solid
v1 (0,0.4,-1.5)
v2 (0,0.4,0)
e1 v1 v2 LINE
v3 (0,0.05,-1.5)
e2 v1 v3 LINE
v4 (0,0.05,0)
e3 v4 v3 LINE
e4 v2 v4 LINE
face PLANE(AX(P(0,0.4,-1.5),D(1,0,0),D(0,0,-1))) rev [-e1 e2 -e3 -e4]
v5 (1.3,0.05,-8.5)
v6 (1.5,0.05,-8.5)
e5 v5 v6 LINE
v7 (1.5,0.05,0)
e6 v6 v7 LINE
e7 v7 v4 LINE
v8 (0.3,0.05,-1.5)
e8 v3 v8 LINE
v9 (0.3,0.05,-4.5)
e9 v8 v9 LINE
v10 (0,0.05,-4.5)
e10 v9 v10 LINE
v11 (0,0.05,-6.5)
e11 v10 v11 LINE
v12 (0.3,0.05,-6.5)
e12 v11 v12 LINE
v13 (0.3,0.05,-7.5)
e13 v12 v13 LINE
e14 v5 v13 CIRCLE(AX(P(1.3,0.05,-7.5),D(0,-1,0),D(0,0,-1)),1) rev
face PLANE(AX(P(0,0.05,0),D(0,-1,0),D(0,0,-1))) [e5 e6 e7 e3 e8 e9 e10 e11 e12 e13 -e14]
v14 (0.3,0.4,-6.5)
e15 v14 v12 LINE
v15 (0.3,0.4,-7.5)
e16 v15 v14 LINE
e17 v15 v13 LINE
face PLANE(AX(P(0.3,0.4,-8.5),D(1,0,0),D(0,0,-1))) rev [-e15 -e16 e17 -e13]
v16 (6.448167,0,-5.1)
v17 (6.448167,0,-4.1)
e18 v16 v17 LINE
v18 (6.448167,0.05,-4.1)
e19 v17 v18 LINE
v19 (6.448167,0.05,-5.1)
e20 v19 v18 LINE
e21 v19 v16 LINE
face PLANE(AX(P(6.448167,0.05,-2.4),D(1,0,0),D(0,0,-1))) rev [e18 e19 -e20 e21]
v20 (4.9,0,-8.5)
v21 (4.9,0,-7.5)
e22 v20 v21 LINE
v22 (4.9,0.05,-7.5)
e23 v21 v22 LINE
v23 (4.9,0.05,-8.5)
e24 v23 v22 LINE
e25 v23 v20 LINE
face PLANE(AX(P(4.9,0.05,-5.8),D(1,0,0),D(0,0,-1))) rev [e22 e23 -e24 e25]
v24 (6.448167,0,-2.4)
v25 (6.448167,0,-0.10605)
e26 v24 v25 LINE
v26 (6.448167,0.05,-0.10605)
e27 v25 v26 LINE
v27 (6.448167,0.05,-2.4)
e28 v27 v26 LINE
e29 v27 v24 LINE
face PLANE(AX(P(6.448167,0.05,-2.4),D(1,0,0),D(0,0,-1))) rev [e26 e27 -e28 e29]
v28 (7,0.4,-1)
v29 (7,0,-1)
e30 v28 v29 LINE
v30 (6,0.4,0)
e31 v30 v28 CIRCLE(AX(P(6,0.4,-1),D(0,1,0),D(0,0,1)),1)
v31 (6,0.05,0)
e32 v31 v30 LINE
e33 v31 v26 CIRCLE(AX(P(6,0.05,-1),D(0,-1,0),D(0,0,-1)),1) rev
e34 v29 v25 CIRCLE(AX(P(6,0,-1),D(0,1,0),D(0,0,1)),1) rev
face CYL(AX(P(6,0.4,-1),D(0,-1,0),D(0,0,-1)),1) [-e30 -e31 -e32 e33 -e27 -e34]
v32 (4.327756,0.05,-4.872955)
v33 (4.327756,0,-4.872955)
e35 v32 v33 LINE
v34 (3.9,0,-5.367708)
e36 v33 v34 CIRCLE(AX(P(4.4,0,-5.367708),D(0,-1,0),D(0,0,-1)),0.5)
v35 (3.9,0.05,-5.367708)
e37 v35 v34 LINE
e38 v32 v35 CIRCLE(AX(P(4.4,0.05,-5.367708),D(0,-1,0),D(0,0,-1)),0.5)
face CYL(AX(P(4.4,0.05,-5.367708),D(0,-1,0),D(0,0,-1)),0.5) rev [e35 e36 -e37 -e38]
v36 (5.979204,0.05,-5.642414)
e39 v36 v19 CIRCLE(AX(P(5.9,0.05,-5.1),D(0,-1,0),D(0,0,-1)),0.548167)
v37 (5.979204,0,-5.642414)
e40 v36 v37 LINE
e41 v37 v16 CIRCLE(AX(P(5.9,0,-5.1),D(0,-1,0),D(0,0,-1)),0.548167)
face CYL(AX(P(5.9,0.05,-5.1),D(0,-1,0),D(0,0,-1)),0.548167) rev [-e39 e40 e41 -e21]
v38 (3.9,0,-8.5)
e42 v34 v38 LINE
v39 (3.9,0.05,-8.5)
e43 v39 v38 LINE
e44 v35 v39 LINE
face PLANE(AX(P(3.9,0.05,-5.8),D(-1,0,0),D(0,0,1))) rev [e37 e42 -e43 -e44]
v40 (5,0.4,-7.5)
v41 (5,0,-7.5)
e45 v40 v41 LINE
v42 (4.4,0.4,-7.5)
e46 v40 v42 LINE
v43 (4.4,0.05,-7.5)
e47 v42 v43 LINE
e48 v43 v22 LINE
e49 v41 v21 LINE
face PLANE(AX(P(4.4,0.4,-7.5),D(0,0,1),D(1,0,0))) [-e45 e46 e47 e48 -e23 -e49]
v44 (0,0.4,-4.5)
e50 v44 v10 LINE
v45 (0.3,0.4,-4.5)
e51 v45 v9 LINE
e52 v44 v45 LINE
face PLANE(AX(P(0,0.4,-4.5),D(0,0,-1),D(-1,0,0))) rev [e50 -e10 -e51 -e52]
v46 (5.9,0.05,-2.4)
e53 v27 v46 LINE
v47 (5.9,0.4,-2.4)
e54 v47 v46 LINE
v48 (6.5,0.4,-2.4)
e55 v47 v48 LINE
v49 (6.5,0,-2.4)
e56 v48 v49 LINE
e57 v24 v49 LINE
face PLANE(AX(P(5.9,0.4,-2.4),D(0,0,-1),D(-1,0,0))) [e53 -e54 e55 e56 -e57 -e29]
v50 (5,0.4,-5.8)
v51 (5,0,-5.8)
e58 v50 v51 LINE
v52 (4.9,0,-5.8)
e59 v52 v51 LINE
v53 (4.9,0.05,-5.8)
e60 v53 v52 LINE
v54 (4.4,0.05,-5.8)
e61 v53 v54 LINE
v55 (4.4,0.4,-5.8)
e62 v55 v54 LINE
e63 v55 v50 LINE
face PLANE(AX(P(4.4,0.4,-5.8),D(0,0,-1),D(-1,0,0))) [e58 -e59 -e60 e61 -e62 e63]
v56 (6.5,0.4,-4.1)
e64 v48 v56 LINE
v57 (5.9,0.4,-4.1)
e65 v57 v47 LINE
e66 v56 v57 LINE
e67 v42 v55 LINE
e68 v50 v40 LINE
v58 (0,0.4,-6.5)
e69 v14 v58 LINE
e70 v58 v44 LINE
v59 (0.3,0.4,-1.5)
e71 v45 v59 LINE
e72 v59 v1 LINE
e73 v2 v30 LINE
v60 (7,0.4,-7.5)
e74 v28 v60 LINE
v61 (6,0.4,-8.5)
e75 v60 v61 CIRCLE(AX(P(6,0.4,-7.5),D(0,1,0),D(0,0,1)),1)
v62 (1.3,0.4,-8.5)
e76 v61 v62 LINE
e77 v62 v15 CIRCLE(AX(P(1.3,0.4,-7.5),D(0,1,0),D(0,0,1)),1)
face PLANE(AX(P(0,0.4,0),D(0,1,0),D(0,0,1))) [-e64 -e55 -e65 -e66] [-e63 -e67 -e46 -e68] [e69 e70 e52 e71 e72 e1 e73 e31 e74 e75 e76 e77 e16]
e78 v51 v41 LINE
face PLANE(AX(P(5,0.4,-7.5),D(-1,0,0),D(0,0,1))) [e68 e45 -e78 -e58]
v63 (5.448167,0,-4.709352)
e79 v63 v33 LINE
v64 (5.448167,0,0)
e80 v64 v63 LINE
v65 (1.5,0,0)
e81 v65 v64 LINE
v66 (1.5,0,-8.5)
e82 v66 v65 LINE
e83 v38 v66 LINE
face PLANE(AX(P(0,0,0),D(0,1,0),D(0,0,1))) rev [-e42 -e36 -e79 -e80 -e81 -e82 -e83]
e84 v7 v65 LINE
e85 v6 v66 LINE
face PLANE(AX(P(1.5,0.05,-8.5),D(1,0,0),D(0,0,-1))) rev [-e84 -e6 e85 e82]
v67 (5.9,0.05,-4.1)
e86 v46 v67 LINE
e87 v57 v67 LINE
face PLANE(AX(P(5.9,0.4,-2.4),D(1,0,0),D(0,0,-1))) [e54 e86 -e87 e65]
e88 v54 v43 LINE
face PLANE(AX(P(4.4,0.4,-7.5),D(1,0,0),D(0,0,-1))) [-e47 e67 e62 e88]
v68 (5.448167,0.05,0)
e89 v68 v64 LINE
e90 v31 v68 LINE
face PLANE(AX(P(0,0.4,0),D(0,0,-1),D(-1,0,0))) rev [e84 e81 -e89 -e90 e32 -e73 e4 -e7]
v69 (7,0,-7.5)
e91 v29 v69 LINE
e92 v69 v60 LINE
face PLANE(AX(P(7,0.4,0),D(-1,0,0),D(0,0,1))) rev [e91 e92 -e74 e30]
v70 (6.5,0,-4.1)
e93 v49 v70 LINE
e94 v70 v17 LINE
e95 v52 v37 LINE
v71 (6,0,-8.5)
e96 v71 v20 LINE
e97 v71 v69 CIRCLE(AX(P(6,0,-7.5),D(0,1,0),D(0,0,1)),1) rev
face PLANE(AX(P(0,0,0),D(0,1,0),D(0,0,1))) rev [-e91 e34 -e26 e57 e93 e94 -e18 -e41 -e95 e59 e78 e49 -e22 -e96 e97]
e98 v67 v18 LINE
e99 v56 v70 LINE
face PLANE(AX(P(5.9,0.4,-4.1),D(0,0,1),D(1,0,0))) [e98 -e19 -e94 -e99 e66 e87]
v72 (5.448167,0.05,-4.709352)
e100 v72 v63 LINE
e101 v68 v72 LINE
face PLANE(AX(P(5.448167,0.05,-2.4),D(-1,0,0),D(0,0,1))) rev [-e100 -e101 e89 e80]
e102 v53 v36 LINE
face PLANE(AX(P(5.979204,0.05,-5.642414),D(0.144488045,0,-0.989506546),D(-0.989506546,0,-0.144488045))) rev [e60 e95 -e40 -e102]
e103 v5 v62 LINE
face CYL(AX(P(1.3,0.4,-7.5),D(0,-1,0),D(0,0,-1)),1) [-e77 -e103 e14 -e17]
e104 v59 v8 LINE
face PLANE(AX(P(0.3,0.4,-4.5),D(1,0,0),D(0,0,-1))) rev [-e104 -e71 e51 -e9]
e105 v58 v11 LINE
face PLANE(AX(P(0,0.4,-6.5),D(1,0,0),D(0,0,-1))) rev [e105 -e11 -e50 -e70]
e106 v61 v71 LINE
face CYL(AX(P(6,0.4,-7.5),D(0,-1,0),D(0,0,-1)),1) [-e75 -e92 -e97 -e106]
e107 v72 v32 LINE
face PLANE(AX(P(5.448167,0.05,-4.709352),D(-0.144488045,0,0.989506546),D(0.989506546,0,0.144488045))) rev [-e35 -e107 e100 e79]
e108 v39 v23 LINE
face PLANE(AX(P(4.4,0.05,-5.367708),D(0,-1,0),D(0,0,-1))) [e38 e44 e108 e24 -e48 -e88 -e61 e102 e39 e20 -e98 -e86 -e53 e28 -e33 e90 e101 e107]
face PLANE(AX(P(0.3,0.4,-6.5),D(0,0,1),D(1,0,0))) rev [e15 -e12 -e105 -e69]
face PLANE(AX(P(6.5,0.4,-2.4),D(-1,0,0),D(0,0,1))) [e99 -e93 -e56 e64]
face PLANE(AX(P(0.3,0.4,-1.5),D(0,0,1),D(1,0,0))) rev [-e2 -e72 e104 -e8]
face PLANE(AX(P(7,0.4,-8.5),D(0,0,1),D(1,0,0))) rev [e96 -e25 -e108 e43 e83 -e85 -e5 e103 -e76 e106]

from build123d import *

# Parameters (mm, degrees)
SKETCH1_W           = 0.6
SKETCH1_H           = 1.7
BOSS_EXTRUDE1_DEPTH = 0.4
FILLET2_R           = 1
SKETCH2_W           = 1.5
SKETCH2_H           = 8.5
CUT_EXTRUDE1_DEPTH  = 0.05


with BuildPart() as part:
    # Sketch1 → Boss-Extrude1 (new body)
    with BuildSketch(Plane(origin=(0, 0, 0), x_dir=(1, 0, 0), z_dir=(0, 1, 0))):
        Polygon((0, 0), (7, 0), (7, 8.5), (0.3, 8.5), (0.3, 6.5), (0, 6.5), (0, 4.5), (0.3, 4.5), (0.3, 1.5), (0, 1.5), align=None)
        with Locations((4.7, 6.65)):
            Rectangle(SKETCH1_W, SKETCH1_H, mode=Mode.SUBTRACT)
        with Locations((6.2, 3.25)):
            Rectangle(SKETCH1_W, SKETCH1_H, mode=Mode.SUBTRACT)
    extrude(amount=BOSS_EXTRUDE1_DEPTH)

    # Fillet2
    fillet2_edges = [part.edges().sort_by_distance(p)[0] for p in [
        (0.3, 0.2, -8.5),
        (7, 0.2, -8.5),
        (7, 0.2, 0),
    ]]
    fillet(fillet2_edges, radius=FILLET2_R)

    # Sketch2 → Cut-Extrude1 (cut)
    with BuildSketch(Plane.XZ):
        with BuildLine():
            Line((6.448166538, -2.4), (6.448166538, -5.1))
            ThreePointArc((6.448166538, -5.1), (6.314670512, -5.458517669), (5.979203511, -5.642414377))
            Line((5.979203511, -5.642414377), (4.9, -5.8))
            Line((4.9, -5.8), (4.9, -8.5))
            ThreePointArc((4.9, -8.5), (4.4, -9), (3.9, -8.5))
            Line((3.9, -8.5), (3.9, -5.8))
            Line((3.9, -5.8), (3.9, -5.367707784))
            ThreePointArc((3.9, -5.367707784), (4.021765938, -5.040692502), (4.327755978, -4.872954511))
            Line((4.327755978, -4.872954511), (5.448166538, -4.709351823))
            Line((5.448166538, -4.709351823), (5.448166538, -2.4))
            Line((5.448166538, -2.4), (5.448166538, 0))
            Line((5.448166538, 0), (6.448166538, 0))
            Line((6.448166538, 0), (6.448166538, -2.4))
        make_face()
        with Locations((0.75, -4.25)):
            Rectangle(SKETCH2_W, SKETCH2_H)
    extrude(amount=-CUT_EXTRUDE1_DEPTH, mode=Mode.SUBTRACT)


solid = part.part
